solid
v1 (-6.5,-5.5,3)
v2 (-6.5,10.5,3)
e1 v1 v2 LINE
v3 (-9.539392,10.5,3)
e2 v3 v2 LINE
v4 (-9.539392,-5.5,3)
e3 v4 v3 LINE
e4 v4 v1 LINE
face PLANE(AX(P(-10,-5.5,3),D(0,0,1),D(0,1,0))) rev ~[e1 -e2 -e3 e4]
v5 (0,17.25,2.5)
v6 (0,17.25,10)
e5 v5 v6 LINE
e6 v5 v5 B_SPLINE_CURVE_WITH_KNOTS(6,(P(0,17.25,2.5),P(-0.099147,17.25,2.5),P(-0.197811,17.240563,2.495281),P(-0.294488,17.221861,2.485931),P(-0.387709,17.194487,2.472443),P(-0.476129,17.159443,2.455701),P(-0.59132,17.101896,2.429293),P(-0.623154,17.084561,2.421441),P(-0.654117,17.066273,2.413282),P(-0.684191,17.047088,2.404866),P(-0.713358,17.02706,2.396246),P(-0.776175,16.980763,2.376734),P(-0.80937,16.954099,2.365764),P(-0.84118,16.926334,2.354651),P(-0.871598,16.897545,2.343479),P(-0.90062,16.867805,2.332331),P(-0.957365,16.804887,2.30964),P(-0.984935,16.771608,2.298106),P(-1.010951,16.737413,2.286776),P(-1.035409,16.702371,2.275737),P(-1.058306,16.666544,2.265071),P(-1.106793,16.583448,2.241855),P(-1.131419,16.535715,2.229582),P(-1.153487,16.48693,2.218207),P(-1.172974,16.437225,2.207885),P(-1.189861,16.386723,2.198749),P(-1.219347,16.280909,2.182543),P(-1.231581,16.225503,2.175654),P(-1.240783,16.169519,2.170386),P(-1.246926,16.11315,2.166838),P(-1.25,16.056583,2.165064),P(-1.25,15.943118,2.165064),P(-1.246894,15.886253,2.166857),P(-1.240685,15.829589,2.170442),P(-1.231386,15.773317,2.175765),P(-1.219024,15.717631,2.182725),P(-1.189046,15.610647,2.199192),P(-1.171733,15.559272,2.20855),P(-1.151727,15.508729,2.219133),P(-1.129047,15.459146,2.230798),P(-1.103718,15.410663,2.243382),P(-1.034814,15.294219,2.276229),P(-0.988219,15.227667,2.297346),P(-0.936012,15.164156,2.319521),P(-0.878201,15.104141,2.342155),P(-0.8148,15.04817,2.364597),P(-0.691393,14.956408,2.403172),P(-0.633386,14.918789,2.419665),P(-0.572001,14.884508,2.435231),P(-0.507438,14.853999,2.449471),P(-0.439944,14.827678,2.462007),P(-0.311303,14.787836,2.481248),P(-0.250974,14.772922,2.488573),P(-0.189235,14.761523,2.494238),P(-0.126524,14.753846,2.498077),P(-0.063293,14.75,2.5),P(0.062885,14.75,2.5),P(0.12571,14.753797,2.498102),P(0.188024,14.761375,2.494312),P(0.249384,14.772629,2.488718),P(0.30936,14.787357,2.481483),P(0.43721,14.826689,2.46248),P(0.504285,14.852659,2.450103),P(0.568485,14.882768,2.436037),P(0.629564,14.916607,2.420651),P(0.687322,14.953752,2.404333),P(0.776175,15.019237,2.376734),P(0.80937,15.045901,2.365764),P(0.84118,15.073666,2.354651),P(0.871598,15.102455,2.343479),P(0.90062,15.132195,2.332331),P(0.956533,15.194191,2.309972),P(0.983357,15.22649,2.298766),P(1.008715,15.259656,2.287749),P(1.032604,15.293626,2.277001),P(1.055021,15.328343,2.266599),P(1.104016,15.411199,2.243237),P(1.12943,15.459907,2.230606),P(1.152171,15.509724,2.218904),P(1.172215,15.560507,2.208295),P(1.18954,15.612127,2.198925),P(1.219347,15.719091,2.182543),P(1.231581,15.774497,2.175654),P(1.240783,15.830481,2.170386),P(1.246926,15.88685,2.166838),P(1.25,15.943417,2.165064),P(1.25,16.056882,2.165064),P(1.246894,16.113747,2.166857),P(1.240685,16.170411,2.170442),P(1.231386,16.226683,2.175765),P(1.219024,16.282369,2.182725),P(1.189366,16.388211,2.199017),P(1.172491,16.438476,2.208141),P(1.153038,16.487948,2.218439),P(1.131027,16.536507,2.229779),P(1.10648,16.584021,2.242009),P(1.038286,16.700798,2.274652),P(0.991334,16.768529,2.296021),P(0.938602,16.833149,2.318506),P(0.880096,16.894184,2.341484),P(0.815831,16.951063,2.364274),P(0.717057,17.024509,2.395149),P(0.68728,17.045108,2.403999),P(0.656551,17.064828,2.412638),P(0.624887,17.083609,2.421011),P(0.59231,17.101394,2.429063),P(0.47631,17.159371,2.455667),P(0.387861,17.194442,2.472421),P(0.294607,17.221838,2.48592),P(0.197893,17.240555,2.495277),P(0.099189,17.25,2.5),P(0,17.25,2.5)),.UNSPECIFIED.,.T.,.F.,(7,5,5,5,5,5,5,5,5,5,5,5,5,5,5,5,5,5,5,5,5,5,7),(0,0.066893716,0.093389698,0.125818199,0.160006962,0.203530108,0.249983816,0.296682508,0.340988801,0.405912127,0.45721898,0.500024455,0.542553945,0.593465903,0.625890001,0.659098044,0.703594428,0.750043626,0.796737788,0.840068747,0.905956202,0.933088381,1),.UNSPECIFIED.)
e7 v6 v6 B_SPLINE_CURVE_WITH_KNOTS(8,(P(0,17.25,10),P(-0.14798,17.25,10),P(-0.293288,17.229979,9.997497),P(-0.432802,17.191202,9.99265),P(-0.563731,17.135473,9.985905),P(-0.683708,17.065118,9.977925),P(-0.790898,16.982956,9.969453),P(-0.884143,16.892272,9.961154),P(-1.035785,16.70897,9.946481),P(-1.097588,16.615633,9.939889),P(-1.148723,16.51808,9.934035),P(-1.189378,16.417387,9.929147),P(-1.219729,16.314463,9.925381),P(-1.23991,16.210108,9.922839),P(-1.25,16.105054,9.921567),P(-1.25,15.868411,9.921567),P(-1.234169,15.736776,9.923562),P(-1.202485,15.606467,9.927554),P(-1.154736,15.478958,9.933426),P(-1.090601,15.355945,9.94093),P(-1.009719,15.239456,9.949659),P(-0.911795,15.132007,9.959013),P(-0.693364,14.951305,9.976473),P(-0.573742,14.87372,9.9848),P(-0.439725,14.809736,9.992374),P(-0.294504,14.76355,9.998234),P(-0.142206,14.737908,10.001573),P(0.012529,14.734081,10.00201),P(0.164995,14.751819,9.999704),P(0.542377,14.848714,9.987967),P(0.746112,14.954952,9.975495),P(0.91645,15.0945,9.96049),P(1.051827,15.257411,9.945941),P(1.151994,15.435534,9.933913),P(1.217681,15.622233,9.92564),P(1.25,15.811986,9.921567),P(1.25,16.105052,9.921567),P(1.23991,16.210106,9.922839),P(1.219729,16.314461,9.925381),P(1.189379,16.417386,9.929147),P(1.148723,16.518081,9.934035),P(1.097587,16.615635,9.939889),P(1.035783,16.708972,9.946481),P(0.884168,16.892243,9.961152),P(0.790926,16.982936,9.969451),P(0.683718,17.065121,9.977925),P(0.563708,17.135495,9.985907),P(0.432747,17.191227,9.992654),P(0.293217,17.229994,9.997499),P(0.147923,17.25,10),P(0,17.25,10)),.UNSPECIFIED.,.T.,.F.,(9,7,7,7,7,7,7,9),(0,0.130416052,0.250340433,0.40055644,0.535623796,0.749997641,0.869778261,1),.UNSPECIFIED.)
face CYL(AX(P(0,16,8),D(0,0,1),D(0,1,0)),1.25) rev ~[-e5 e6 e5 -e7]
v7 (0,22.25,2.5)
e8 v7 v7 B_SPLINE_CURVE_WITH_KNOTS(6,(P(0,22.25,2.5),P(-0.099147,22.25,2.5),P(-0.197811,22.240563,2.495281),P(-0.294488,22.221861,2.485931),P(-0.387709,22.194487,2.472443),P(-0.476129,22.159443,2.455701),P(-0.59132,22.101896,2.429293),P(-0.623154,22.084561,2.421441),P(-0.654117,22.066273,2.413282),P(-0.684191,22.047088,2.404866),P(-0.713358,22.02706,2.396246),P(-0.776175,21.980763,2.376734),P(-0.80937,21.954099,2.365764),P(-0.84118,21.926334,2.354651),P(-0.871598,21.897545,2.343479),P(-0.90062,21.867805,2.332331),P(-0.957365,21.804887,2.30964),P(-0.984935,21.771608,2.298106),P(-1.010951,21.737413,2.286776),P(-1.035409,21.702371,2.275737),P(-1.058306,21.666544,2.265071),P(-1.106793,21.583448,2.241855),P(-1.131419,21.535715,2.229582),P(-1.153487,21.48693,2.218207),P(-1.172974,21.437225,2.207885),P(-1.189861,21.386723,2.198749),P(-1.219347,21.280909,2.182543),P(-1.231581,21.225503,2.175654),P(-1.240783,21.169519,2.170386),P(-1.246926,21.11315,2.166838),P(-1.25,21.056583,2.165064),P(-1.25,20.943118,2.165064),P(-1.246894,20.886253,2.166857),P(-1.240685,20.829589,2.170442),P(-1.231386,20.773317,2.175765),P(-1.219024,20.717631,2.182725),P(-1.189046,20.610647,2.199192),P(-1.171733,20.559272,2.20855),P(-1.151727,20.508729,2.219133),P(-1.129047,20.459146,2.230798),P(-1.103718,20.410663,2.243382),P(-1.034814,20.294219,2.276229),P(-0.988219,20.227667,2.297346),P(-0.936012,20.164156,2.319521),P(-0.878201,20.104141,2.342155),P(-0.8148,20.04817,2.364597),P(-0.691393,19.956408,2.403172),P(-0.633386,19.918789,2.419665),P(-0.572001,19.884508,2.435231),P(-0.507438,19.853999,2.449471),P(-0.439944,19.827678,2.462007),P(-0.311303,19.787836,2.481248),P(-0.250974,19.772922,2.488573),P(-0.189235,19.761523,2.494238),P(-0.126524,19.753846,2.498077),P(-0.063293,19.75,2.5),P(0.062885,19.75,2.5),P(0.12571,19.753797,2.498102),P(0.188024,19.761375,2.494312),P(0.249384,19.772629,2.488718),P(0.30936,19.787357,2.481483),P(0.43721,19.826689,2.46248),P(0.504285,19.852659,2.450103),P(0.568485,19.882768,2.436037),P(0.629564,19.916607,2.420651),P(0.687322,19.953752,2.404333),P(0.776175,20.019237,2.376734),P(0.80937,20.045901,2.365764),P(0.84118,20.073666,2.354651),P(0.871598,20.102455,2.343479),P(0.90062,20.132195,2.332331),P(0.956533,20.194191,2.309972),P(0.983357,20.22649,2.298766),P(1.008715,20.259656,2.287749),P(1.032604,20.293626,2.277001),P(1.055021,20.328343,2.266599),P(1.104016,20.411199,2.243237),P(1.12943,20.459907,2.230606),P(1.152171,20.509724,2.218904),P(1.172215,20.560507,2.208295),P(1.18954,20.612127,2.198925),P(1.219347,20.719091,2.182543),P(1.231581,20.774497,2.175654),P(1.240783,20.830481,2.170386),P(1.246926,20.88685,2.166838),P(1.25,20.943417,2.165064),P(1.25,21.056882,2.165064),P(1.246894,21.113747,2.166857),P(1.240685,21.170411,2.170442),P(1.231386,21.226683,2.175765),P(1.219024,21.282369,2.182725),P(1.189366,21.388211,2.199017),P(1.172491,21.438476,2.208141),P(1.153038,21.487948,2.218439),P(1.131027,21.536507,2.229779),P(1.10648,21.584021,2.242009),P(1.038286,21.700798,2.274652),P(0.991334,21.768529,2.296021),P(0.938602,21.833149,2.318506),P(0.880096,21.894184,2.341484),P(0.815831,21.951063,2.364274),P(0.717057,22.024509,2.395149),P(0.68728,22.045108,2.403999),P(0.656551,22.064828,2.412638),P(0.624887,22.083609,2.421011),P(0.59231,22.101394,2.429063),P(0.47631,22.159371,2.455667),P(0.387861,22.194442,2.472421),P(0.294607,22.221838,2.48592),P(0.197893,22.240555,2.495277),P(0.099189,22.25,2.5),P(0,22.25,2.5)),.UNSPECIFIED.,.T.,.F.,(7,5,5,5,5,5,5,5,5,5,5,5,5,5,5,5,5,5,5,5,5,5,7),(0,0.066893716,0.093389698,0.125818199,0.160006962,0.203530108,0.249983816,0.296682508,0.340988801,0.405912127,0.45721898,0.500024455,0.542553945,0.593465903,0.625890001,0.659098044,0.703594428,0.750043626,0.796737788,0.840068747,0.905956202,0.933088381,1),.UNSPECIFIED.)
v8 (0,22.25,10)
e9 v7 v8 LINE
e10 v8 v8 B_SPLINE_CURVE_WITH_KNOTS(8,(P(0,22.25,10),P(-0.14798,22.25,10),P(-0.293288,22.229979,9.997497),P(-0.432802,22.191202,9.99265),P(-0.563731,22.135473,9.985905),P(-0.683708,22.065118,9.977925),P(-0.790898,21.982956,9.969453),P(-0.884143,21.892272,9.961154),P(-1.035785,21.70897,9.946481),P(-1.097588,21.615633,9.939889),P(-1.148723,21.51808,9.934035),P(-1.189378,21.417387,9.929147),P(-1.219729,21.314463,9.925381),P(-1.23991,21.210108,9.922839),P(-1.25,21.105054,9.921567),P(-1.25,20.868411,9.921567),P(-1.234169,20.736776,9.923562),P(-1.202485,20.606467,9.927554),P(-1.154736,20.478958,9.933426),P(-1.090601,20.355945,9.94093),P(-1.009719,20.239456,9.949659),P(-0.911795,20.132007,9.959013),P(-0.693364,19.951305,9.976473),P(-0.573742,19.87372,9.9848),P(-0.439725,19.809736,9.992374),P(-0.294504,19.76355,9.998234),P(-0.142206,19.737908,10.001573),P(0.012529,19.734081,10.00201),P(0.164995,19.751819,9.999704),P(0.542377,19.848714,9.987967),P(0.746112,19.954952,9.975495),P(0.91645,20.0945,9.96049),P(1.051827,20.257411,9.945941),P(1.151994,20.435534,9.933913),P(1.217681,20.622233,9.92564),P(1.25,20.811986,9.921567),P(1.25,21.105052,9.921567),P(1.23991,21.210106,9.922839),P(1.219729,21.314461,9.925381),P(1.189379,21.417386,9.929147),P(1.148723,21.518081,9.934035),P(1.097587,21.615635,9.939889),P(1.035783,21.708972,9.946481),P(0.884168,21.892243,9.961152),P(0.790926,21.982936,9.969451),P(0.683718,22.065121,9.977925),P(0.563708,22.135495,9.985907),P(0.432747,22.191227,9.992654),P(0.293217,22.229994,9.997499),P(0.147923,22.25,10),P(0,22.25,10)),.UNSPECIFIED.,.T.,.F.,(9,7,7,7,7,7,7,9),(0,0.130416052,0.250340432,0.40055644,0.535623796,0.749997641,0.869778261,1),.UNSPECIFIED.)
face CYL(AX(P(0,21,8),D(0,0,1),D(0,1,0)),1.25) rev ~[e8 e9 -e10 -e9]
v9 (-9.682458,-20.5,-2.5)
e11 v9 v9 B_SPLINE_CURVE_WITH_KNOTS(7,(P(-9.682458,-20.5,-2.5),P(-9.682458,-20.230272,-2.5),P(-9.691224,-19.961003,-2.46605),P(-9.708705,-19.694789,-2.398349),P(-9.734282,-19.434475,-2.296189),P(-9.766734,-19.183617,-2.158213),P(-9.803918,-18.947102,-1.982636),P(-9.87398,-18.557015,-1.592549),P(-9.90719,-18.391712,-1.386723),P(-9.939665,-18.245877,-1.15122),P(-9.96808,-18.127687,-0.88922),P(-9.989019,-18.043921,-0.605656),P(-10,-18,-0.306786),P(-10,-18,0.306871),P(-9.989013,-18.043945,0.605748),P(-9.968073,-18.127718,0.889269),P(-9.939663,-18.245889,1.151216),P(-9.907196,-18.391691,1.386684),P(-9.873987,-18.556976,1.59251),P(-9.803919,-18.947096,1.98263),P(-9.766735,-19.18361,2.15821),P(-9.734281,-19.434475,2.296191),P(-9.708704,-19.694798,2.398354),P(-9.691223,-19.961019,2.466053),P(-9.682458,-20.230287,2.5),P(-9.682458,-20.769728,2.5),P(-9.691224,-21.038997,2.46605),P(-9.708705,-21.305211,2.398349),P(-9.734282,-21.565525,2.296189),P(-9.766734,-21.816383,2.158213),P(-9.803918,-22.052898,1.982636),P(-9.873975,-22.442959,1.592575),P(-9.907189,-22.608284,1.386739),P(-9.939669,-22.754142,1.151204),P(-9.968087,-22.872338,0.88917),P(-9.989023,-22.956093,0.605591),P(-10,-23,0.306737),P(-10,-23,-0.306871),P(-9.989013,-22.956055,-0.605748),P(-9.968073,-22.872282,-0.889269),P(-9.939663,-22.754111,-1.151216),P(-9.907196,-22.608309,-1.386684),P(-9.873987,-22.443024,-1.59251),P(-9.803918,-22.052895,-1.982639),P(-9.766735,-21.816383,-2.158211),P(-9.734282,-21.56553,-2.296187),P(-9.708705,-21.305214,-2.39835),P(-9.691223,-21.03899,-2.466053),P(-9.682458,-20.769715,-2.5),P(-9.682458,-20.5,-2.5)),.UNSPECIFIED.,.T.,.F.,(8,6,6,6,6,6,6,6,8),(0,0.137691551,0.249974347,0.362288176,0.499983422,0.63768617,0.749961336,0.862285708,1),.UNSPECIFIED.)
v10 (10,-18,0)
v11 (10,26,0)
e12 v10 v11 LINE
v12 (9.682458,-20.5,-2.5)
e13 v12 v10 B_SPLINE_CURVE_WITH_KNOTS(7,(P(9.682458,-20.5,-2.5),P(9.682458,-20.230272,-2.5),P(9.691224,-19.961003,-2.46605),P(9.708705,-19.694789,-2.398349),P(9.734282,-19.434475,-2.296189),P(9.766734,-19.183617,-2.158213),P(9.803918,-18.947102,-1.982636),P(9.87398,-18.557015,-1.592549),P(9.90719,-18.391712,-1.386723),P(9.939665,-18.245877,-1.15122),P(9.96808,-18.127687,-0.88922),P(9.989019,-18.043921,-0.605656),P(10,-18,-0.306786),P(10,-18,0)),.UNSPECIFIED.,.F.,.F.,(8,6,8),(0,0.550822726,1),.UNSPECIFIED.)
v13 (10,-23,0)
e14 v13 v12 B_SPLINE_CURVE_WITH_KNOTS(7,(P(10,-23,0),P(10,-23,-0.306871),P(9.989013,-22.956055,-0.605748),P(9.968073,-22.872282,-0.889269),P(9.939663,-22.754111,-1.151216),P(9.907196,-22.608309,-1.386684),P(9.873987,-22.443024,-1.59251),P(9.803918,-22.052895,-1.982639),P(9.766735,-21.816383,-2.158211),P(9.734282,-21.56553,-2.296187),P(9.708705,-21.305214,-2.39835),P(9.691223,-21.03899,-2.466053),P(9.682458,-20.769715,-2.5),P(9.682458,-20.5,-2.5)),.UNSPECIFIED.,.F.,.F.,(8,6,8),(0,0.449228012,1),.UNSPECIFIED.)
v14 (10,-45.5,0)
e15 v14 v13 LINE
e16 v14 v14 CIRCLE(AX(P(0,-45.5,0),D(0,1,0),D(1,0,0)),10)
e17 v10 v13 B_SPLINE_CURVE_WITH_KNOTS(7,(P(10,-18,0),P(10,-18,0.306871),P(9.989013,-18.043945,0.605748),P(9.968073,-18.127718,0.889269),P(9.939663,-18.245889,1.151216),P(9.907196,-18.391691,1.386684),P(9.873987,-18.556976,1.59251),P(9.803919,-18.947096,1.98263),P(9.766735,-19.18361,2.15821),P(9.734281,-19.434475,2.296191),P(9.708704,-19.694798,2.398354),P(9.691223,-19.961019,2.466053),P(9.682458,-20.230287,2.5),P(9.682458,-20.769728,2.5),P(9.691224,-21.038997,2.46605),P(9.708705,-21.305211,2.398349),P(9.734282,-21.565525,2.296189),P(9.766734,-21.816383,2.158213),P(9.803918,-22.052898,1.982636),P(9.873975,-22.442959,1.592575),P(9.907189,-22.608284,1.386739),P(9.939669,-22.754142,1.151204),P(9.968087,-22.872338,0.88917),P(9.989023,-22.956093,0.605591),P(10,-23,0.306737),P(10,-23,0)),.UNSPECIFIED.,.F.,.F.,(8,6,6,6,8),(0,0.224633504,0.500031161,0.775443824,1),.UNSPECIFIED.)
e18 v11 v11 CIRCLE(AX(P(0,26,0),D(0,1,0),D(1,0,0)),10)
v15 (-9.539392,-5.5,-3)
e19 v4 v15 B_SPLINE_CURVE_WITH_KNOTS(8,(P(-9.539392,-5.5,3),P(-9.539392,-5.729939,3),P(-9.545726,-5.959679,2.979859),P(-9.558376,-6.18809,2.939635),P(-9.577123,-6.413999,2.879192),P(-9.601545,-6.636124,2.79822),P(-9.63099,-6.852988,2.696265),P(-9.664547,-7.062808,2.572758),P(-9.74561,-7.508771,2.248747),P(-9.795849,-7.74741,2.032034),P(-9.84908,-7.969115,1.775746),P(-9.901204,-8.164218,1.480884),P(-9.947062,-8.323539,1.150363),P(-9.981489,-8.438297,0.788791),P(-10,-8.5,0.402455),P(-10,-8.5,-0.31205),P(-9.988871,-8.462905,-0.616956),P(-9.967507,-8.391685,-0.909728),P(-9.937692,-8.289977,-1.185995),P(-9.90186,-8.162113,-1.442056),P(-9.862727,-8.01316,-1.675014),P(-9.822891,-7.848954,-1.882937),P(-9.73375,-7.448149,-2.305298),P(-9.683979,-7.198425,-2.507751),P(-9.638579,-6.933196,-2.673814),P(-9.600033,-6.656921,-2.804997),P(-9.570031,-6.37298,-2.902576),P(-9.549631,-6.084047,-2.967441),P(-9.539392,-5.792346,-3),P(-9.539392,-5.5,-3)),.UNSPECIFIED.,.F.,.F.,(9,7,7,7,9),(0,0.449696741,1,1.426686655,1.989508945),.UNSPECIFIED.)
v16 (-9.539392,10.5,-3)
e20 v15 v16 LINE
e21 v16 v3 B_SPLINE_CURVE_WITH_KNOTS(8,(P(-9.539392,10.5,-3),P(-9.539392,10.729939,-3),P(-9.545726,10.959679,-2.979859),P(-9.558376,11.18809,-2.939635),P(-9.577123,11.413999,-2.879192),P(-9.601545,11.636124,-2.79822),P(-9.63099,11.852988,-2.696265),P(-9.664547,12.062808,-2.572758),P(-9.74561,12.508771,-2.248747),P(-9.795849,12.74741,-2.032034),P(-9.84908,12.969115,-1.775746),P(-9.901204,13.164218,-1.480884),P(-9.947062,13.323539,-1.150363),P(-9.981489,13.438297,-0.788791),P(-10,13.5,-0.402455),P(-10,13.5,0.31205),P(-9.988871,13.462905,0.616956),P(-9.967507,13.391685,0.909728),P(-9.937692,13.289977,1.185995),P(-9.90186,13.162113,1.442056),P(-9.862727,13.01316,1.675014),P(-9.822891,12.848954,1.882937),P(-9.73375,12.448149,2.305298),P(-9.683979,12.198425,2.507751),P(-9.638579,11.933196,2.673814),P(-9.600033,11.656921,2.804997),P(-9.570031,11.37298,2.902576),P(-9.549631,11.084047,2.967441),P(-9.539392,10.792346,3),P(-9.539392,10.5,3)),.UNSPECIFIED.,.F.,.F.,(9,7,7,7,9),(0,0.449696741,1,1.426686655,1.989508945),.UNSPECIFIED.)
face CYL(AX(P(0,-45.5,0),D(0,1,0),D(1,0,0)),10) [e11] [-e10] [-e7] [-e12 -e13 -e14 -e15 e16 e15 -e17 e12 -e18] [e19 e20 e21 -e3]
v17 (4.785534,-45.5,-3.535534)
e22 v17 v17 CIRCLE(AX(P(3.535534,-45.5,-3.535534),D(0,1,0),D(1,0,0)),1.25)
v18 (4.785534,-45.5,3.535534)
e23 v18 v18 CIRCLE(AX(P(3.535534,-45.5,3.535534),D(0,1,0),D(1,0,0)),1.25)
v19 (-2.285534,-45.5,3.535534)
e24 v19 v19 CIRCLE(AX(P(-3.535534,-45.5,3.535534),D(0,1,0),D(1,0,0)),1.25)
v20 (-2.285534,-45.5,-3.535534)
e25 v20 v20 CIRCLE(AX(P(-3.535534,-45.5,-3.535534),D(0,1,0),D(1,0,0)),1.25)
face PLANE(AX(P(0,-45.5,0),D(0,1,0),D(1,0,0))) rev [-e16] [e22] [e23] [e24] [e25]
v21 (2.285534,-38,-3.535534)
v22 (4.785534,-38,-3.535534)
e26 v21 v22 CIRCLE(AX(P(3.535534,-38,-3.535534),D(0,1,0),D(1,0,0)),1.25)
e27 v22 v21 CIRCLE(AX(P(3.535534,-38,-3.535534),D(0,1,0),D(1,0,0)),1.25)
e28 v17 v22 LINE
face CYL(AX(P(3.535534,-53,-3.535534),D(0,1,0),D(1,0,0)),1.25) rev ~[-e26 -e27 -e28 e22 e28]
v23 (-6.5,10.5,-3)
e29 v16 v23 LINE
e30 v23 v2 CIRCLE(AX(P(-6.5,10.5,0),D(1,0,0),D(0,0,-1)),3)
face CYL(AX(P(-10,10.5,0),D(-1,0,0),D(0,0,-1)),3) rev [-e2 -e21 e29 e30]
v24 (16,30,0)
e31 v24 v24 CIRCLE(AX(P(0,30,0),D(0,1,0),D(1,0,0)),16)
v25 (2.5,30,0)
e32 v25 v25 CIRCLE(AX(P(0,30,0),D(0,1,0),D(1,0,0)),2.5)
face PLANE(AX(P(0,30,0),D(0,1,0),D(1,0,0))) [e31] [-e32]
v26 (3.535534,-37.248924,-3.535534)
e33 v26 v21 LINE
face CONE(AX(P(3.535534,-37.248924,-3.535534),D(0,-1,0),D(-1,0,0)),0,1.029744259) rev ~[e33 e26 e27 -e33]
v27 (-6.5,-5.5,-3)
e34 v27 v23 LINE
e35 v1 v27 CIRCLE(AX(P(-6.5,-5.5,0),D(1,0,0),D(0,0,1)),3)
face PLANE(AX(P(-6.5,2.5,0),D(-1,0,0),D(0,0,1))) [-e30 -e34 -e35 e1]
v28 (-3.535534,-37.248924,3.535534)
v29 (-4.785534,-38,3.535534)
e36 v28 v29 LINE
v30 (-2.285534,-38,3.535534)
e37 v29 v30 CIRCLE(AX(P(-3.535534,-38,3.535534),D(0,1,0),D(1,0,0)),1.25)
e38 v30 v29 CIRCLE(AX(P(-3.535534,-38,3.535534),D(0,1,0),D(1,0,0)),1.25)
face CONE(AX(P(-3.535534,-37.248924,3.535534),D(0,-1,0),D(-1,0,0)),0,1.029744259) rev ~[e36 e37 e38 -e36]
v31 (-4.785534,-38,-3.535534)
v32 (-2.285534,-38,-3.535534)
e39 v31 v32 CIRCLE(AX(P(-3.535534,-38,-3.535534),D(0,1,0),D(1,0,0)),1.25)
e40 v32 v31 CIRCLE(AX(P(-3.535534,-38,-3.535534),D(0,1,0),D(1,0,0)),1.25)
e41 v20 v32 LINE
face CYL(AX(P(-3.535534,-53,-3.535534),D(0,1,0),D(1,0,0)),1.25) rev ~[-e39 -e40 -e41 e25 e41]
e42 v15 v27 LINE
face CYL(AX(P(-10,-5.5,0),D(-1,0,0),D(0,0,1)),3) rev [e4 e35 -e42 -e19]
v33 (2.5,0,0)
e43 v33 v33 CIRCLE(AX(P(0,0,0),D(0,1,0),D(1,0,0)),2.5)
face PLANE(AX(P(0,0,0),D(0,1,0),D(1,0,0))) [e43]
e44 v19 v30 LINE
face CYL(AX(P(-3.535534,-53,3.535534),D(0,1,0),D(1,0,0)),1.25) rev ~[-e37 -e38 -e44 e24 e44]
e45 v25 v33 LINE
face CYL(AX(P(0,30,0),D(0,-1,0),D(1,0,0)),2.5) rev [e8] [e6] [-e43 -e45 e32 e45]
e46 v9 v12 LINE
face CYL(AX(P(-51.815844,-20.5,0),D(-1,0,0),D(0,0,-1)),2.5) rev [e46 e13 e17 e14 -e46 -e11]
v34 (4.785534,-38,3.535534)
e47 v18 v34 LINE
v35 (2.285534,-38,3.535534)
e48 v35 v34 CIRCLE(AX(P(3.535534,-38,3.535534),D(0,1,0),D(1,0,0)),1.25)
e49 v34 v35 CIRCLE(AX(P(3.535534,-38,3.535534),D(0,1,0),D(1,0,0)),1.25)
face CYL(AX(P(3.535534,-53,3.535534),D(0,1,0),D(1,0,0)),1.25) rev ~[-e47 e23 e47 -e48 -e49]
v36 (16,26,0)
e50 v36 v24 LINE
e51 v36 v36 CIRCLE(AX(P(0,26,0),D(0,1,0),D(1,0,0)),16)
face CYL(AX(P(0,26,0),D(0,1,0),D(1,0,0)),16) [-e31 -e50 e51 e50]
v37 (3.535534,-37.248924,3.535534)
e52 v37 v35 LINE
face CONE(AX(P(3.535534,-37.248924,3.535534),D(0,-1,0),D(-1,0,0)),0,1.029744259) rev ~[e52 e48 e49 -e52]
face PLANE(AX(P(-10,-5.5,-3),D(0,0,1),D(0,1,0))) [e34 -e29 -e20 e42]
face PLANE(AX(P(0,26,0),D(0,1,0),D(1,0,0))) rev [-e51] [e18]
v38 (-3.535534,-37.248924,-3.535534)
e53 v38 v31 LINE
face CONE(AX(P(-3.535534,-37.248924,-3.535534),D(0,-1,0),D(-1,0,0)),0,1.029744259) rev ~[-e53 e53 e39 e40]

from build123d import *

# Parameters (mm, degrees)
M3_TAPPED_HOLE2_D          = 2.5
M3_TAPPED_HOLE2_DEPTH      = 7.5
M3_TAPPED_HOLE2_TIP        = 0.751075774
SKETCH4_W                  = 6
SKETCH4_H                  = 16
CUT_EXTRUDE1_DEPTH         = 3.5
SKETCH6_W                  = 1.25
SKETCH6_H                  = 16
M3_TAPPED_HOLE1_AT_2_COUNT = 2
M3_TAPPED_HOLE1_AT_2_PITCH = 5
CUT_EXTRUDE2_DEPTH         = 51.815844075
CUT_EXTRUDE2_DEPTH_BACK    = 51.815844075
SKETCH8_R                  = 2.5


with BuildPart() as part:
    # Sketch1 → Revolve1 (revolve)
    with BuildSketch(Plane.XY):
        Polygon((2.5, 30), (2.5, 0), (0, 0), (0, -45.5), (10, -45.5), (10, 26), (16, 26), (16, 30), align=None)
    revolve(axis=Axis((0, -45.5, 0), (0, 1, 0)))

    # M3 Tapped Hole2
    with Locations(Plane(origin=(0, -45.5, 0), x_dir=(-1, 0, 0), z_dir=(0, -1, 0))):
        with Locations((-3.535533906, 3.535533906), (-3.535533906, -3.535533906), (3.535533906, -3.535533906), (3.535533906, 3.535533906)):
            Hole(M3_TAPPED_HOLE2_D / 2, depth=M3_TAPPED_HOLE2_DEPTH)
            with Locations((0, 0, -(M3_TAPPED_HOLE2_DEPTH + M3_TAPPED_HOLE2_TIP / 2))):  # 118° drill point
                Cone(0, M3_TAPPED_HOLE2_D / 2, M3_TAPPED_HOLE2_TIP, mode=Mode.SUBTRACT)

    # Sketch4 → Cut-Extrude1 (cut)
    with BuildSketch(Plane.ZY.offset(10)):
        with Locations((0, 2.5)):
            Rectangle(SKETCH4_W, SKETCH4_H)
        with BuildLine():
            ThreePointArc((-3, 10.5), (0, 13.5), (3, 10.5))
            Line((3, 10.5), (-3, 10.5))
        make_face()
        with BuildLine():
            Line((-3, -5.5), (3, -5.5))
            ThreePointArc((3, -5.5), (0, -8.5), (-3, -5.5))
        make_face()
    extrude(amount=-CUT_EXTRUDE1_DEPTH, mode=Mode.SUBTRACT)

    # Sketch6 → M3 Tapped Hole1 (revolve, cut)
    with BuildSketch(Plane(origin=(0, 21, 0), x_dir=(0, 1, 0), z_dir=(1, 0, 0))):
        with Locations((0.625, 8)):
            Rectangle(SKETCH6_W, SKETCH6_H)
    m3_tapped_hole1 = revolve(axis=Axis((0, 21, -6.35), (0, 0, 1)), mode=Mode.SUBTRACT)

    # M3 Tapped Hole1 at 2: M3 Tapped Hole1 ×2
    with Locations(*[(0, -i * M3_TAPPED_HOLE1_AT_2_PITCH, 0) for i in range(1, M3_TAPPED_HOLE1_AT_2_COUNT)]):
        add(m3_tapped_hole1, mode=Mode.SUBTRACT)

    # Sketch8 → Cut-Extrude2 (cut, two sides: drawn at the far end of the back side and taken through both)
    with BuildSketch(Plane(origin=(0, 0, 0), x_dir=(0, 0, -1), z_dir=(1, 0, 0)).offset(-CUT_EXTRUDE2_DEPTH_BACK)):
        with Locations((0, -20.5)):
            Circle(SKETCH8_R)
    extrude(amount=CUT_EXTRUDE2_DEPTH + CUT_EXTRUDE2_DEPTH_BACK, mode=Mode.SUBTRACT)


solid = part.part
